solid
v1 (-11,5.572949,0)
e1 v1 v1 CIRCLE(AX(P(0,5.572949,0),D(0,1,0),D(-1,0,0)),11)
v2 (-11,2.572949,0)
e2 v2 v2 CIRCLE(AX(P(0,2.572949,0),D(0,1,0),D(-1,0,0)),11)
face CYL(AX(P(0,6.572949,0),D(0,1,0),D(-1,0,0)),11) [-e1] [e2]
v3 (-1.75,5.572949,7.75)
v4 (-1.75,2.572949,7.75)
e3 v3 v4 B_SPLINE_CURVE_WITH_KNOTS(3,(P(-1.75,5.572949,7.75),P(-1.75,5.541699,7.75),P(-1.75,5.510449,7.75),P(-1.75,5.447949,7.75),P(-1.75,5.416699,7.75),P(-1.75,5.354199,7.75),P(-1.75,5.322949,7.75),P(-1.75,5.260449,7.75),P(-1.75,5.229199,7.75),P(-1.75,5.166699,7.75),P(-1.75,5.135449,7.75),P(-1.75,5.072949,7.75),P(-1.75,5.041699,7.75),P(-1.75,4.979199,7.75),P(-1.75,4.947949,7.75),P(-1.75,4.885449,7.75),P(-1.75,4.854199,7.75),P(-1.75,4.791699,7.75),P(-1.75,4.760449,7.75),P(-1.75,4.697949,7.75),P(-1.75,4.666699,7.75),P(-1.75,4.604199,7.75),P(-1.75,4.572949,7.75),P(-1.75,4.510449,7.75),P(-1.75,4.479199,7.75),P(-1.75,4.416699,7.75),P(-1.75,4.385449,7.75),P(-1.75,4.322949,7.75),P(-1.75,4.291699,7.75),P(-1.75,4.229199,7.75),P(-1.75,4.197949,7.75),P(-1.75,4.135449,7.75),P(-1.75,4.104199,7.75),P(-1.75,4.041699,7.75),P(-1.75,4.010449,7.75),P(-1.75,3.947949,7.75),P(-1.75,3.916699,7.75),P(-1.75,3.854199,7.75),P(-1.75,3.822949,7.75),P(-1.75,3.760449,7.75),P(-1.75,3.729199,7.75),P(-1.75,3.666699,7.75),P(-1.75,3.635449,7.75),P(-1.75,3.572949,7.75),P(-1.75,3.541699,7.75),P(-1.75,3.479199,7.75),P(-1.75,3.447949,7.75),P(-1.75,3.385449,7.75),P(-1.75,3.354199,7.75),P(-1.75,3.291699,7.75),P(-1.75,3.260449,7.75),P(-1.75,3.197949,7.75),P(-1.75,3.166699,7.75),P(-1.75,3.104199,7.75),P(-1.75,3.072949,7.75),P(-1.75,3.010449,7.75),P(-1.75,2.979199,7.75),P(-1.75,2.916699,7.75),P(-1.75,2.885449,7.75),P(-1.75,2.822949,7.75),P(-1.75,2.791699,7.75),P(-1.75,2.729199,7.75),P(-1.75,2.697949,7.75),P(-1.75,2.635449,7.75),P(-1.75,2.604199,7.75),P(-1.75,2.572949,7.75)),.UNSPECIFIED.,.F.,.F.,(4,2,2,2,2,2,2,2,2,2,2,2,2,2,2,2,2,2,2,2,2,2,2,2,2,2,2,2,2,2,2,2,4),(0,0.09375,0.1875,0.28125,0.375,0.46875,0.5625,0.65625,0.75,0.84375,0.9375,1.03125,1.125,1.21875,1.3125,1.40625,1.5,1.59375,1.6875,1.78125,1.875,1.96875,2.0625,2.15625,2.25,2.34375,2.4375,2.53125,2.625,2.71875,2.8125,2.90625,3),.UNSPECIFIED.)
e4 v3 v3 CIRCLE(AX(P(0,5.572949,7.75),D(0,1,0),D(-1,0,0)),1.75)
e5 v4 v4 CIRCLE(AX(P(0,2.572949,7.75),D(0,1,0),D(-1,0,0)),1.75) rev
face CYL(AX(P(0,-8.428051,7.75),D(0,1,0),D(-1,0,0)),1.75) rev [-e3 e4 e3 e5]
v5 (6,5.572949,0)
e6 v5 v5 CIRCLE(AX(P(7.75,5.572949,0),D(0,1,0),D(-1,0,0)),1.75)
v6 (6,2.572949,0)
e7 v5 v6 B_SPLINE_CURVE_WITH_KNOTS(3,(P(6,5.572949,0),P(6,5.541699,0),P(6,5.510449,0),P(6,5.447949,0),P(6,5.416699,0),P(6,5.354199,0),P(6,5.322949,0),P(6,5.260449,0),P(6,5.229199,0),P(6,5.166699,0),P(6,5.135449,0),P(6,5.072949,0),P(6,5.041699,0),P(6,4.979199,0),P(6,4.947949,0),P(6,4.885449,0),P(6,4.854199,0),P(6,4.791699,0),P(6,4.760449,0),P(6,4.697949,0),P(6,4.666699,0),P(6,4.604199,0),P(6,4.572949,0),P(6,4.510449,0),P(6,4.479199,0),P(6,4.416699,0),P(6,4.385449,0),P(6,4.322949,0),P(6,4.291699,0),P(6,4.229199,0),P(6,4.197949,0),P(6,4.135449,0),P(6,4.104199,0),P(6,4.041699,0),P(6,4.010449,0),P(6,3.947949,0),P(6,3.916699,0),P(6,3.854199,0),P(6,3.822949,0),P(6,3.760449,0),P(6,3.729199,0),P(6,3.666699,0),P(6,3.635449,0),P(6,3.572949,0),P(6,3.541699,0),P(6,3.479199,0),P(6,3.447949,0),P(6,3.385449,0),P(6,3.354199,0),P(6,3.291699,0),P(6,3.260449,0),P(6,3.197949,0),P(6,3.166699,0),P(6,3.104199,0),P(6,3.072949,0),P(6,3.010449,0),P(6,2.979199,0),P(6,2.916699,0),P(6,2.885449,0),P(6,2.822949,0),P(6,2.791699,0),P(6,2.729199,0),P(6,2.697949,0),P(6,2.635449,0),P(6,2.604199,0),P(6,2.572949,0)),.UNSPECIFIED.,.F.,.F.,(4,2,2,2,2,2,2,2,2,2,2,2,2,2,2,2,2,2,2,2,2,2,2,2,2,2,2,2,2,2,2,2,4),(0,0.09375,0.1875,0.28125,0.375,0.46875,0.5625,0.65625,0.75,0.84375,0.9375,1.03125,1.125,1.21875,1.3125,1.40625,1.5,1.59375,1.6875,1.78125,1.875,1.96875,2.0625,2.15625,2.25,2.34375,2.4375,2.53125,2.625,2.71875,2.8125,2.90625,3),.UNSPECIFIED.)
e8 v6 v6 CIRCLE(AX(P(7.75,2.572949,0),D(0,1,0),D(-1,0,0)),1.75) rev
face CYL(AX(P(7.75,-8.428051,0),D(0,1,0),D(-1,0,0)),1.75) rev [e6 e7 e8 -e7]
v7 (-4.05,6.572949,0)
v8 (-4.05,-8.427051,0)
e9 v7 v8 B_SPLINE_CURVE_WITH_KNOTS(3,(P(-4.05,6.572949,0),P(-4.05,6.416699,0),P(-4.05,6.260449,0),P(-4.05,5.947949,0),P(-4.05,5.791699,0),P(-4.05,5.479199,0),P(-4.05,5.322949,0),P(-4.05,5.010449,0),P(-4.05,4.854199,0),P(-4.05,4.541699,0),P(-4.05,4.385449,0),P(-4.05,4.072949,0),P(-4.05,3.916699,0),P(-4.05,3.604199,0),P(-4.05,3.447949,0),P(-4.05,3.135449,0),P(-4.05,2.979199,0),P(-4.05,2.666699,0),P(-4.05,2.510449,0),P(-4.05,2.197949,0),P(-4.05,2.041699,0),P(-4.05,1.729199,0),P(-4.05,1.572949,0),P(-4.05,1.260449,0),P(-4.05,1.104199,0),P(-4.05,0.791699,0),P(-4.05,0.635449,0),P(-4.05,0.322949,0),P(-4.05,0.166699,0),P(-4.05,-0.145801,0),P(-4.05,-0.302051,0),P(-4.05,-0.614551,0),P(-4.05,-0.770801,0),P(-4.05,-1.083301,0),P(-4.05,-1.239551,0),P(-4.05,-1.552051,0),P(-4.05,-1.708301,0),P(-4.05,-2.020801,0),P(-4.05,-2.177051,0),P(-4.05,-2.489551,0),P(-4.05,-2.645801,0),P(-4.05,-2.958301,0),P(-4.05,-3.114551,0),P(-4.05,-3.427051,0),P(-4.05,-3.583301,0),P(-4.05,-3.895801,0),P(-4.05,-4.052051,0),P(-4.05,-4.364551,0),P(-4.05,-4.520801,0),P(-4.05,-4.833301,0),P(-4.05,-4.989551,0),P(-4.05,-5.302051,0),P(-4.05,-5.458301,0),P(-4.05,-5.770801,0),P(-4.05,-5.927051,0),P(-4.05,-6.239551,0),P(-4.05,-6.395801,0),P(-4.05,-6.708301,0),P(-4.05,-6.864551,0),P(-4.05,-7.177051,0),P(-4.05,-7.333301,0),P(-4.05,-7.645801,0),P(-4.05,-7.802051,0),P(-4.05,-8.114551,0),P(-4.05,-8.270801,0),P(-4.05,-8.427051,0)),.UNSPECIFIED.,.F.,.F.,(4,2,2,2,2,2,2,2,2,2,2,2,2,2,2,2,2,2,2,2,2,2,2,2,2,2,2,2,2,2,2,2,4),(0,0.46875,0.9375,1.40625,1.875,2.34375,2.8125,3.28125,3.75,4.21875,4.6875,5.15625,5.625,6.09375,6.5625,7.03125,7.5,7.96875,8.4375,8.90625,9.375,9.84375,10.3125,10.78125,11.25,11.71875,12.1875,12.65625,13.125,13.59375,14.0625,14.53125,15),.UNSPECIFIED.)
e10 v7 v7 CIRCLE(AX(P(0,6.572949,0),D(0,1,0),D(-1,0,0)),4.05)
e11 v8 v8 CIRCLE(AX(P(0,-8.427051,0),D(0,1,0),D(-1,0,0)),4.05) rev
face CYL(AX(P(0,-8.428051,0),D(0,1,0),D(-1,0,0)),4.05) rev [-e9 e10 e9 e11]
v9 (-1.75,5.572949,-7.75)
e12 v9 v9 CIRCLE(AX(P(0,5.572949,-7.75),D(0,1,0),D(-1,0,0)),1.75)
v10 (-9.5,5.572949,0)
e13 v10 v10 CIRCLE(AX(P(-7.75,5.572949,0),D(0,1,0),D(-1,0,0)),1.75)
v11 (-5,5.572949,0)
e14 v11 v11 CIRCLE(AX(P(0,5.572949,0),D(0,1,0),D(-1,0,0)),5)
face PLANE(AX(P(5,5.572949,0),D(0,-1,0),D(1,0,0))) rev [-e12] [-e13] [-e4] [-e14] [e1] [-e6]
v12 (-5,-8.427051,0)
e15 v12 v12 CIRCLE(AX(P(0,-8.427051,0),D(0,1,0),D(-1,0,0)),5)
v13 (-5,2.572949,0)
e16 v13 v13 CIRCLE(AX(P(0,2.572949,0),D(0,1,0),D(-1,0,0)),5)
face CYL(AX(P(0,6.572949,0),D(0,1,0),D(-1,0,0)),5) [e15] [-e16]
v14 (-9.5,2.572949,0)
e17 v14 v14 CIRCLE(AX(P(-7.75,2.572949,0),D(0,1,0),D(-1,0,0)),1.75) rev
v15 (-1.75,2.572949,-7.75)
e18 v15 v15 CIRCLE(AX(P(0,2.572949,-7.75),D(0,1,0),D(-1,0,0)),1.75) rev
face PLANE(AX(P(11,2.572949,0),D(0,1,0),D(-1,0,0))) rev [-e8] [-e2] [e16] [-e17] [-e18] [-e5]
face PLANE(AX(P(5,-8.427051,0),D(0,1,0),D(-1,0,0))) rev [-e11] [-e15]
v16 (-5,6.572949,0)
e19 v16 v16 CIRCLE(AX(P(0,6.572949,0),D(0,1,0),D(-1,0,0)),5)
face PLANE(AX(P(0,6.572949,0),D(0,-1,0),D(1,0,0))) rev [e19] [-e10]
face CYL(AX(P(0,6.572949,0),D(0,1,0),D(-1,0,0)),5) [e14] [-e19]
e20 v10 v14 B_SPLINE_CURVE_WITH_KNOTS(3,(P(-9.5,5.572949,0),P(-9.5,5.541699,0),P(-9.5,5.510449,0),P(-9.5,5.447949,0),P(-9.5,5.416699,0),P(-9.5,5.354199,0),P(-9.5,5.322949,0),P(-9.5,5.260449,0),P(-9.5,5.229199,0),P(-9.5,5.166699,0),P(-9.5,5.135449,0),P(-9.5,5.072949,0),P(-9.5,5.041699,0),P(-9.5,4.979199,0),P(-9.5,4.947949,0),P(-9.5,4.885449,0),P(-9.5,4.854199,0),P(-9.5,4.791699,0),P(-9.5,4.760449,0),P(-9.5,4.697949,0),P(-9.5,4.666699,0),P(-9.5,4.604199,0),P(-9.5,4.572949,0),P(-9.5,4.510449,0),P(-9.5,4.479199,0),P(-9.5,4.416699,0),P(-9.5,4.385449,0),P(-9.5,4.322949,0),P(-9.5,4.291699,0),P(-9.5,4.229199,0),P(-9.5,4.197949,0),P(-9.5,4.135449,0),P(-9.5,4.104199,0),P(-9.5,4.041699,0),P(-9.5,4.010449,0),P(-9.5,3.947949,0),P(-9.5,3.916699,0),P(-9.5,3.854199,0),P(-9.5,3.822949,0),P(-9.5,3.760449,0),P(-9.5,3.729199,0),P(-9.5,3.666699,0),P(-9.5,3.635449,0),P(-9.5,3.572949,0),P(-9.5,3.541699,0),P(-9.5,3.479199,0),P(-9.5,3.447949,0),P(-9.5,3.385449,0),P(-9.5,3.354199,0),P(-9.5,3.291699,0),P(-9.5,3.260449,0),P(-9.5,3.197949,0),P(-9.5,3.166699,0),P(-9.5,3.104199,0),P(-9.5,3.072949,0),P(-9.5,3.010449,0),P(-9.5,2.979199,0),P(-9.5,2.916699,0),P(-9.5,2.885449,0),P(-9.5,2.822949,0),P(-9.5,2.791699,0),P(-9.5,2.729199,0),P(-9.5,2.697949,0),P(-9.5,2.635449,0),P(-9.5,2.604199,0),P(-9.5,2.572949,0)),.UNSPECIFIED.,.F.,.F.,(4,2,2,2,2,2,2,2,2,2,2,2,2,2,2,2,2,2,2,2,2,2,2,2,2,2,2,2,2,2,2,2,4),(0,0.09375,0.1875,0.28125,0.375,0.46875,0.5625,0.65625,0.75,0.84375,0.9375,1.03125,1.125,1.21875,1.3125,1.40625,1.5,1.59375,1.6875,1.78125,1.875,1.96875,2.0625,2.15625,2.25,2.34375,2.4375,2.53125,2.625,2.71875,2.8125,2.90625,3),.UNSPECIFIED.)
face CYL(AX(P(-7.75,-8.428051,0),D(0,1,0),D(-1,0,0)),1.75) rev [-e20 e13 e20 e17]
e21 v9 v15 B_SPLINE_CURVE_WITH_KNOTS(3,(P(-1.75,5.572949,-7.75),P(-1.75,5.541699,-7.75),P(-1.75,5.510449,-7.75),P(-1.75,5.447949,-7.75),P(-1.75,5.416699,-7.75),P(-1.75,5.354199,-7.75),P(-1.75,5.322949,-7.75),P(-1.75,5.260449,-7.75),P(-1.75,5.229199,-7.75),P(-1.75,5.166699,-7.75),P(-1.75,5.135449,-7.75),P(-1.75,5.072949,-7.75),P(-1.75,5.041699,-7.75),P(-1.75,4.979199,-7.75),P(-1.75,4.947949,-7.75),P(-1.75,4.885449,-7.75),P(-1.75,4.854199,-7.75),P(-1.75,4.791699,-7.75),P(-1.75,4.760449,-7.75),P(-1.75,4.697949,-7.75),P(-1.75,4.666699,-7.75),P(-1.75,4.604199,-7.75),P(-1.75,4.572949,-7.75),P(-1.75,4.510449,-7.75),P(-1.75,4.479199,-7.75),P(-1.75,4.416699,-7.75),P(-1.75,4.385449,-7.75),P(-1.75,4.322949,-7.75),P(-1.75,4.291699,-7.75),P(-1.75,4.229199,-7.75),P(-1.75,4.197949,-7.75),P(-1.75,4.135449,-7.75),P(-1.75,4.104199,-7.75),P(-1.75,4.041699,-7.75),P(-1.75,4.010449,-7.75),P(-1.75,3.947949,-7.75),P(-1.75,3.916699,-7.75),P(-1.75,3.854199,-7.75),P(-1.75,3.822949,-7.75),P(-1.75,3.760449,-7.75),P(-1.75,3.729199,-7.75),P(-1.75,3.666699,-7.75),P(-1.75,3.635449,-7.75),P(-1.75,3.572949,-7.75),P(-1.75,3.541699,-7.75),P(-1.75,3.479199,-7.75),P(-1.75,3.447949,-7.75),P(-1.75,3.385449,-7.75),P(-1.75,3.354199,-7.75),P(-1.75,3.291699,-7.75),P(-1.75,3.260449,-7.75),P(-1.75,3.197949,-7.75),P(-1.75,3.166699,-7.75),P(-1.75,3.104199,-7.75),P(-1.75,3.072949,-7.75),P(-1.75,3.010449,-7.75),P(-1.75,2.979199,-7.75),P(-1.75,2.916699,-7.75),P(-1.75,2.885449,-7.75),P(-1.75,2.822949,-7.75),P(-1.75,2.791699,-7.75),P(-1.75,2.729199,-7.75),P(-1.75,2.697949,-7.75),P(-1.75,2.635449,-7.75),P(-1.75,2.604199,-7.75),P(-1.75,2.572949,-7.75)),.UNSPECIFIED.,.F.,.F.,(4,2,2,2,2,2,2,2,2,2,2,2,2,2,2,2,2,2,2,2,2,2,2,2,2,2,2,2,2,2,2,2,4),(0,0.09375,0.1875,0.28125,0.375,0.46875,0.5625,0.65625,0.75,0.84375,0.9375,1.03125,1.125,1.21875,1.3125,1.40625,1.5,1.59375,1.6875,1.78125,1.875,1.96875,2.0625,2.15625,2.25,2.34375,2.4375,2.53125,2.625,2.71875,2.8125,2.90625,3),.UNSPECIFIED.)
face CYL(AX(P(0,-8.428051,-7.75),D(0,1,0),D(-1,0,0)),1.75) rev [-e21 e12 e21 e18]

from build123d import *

# Parameters (mm, degrees)
KES_EKSTR_ZYON1_REACH = 23.61
IZIM2_R               = 4.05
KES_EKSTR_ZYON2_REACH = 22.928
IZIM3_R               = 1.75


with BuildPart() as part:
    # Çizim1 → Döndür1 (revolve)
    with BuildSketch(Plane.XY, mode=Mode.PRIVATE) as d_nd_r1_sk:
        Polygon((0, 6.572949203), (5, 6.572949203), (5, 5.572949203), (11, 5.572949203), (11, 2.572949203), (5, 2.572949203), (5, -8.427050797), (0, -8.427050797), align=None)
    revolve(d_nd_r1_sk.sketch.rotate(Axis((0, 6.572949203, 0), (0, -1, 0)), 180), axis=Axis((0, 6.572949203, 0), (0, -1, 0)))

    # Çizim2 → Kes-Ekstrüzyon1 (cut, up to next)
    with BuildSketch(Plane(origin=(0, 6.572949203, 0), x_dir=(1, 0, 0), z_dir=(0, 1, 0)), mode=Mode.PRIVATE) as kes_ekstr_zyon1_sk1:
        with Locations(Location((0, 0, 0), (0, 0, 180))):
            Circle(IZIM2_R)
    kes_ekstr_zyon1_tool1 = extrude(kes_ekstr_zyon1_sk1.sketch, amount=-KES_EKSTR_ZYON1_REACH, mode=Mode.PRIVATE) & part.part
    add(kes_ekstr_zyon1_tool1.solids().sort_by_distance((0, 6.572949, 0))[0], mode=Mode.SUBTRACT)

    # Çizim3 → Kes-Ekstrüzyon2 (cut, up to next)
    with BuildSketch(Plane(origin=(0, 5.572949203, 0), x_dir=(1, 0, 0), z_dir=(0, 1, 0)), mode=Mode.PRIVATE) as kes_ekstr_zyon2_sk1:
        with Locations(Location((0, 7.75, 0), (0, 0, 180))):
            Circle(IZIM3_R)
    kes_ekstr_zyon2_tool1 = extrude(kes_ekstr_zyon2_sk1.sketch, amount=-KES_EKSTR_ZYON2_REACH, mode=Mode.PRIVATE) & part.part
    # Çizim3 → Kes-Ekstrüzyon2 (cut, up to next)
    with BuildSketch(Plane(origin=(0, 5.572949203, 0), x_dir=(1, 0, 0), z_dir=(0, 1, 0)), mode=Mode.PRIVATE) as kes_ekstr_zyon2_sk2:
        with Locations(Location((7.75, 0, 0), (0, 0, 180))):
            Circle(IZIM3_R)
    kes_ekstr_zyon2_tool2 = extrude(kes_ekstr_zyon2_sk2.sketch, amount=-KES_EKSTR_ZYON2_REACH, mode=Mode.PRIVATE) & part.part
    # Çizim3 → Kes-Ekstrüzyon2 (cut, up to next)
    with BuildSketch(Plane(origin=(0, 5.572949203, 0), x_dir=(1, 0, 0), z_dir=(0, 1, 0)), mode=Mode.PRIVATE) as kes_ekstr_zyon2_sk3:
        with Locations(Location((0, -7.75, 0), (0, 0, 180))):
            Circle(IZIM3_R)
    kes_ekstr_zyon2_tool3 = extrude(kes_ekstr_zyon2_sk3.sketch, amount=-KES_EKSTR_ZYON2_REACH, mode=Mode.PRIVATE) & part.part
    # Çizim3 → Kes-Ekstrüzyon2 (cut, up to next)
    with BuildSketch(Plane(origin=(0, 5.572949203, 0), x_dir=(1, 0, 0), z_dir=(0, 1, 0)), mode=Mode.PRIVATE) as kes_ekstr_zyon2_sk4:
        with Locations(Location((-7.75, 0, 0), (0, 0, 180))):
            Circle(IZIM3_R)
    kes_ekstr_zyon2_tool4 = extrude(kes_ekstr_zyon2_sk4.sketch, amount=-KES_EKSTR_ZYON2_REACH, mode=Mode.PRIVATE) & part.part
    add(kes_ekstr_zyon2_tool1.solids().sort_by_distance((0, 5.572949, -7.75))[0], mode=Mode.SUBTRACT)
    add(kes_ekstr_zyon2_tool2.solids().sort_by_distance((7.75, 5.572949, 0))[0], mode=Mode.SUBTRACT)
    add(kes_ekstr_zyon2_tool3.solids().sort_by_distance((0, 5.572949, 7.75))[0], mode=Mode.SUBTRACT)
    add(kes_ekstr_zyon2_tool4.solids().sort_by_distance((-7.75, 5.572949, 0))[0], mode=Mode.SUBTRACT)


solid = part.part
